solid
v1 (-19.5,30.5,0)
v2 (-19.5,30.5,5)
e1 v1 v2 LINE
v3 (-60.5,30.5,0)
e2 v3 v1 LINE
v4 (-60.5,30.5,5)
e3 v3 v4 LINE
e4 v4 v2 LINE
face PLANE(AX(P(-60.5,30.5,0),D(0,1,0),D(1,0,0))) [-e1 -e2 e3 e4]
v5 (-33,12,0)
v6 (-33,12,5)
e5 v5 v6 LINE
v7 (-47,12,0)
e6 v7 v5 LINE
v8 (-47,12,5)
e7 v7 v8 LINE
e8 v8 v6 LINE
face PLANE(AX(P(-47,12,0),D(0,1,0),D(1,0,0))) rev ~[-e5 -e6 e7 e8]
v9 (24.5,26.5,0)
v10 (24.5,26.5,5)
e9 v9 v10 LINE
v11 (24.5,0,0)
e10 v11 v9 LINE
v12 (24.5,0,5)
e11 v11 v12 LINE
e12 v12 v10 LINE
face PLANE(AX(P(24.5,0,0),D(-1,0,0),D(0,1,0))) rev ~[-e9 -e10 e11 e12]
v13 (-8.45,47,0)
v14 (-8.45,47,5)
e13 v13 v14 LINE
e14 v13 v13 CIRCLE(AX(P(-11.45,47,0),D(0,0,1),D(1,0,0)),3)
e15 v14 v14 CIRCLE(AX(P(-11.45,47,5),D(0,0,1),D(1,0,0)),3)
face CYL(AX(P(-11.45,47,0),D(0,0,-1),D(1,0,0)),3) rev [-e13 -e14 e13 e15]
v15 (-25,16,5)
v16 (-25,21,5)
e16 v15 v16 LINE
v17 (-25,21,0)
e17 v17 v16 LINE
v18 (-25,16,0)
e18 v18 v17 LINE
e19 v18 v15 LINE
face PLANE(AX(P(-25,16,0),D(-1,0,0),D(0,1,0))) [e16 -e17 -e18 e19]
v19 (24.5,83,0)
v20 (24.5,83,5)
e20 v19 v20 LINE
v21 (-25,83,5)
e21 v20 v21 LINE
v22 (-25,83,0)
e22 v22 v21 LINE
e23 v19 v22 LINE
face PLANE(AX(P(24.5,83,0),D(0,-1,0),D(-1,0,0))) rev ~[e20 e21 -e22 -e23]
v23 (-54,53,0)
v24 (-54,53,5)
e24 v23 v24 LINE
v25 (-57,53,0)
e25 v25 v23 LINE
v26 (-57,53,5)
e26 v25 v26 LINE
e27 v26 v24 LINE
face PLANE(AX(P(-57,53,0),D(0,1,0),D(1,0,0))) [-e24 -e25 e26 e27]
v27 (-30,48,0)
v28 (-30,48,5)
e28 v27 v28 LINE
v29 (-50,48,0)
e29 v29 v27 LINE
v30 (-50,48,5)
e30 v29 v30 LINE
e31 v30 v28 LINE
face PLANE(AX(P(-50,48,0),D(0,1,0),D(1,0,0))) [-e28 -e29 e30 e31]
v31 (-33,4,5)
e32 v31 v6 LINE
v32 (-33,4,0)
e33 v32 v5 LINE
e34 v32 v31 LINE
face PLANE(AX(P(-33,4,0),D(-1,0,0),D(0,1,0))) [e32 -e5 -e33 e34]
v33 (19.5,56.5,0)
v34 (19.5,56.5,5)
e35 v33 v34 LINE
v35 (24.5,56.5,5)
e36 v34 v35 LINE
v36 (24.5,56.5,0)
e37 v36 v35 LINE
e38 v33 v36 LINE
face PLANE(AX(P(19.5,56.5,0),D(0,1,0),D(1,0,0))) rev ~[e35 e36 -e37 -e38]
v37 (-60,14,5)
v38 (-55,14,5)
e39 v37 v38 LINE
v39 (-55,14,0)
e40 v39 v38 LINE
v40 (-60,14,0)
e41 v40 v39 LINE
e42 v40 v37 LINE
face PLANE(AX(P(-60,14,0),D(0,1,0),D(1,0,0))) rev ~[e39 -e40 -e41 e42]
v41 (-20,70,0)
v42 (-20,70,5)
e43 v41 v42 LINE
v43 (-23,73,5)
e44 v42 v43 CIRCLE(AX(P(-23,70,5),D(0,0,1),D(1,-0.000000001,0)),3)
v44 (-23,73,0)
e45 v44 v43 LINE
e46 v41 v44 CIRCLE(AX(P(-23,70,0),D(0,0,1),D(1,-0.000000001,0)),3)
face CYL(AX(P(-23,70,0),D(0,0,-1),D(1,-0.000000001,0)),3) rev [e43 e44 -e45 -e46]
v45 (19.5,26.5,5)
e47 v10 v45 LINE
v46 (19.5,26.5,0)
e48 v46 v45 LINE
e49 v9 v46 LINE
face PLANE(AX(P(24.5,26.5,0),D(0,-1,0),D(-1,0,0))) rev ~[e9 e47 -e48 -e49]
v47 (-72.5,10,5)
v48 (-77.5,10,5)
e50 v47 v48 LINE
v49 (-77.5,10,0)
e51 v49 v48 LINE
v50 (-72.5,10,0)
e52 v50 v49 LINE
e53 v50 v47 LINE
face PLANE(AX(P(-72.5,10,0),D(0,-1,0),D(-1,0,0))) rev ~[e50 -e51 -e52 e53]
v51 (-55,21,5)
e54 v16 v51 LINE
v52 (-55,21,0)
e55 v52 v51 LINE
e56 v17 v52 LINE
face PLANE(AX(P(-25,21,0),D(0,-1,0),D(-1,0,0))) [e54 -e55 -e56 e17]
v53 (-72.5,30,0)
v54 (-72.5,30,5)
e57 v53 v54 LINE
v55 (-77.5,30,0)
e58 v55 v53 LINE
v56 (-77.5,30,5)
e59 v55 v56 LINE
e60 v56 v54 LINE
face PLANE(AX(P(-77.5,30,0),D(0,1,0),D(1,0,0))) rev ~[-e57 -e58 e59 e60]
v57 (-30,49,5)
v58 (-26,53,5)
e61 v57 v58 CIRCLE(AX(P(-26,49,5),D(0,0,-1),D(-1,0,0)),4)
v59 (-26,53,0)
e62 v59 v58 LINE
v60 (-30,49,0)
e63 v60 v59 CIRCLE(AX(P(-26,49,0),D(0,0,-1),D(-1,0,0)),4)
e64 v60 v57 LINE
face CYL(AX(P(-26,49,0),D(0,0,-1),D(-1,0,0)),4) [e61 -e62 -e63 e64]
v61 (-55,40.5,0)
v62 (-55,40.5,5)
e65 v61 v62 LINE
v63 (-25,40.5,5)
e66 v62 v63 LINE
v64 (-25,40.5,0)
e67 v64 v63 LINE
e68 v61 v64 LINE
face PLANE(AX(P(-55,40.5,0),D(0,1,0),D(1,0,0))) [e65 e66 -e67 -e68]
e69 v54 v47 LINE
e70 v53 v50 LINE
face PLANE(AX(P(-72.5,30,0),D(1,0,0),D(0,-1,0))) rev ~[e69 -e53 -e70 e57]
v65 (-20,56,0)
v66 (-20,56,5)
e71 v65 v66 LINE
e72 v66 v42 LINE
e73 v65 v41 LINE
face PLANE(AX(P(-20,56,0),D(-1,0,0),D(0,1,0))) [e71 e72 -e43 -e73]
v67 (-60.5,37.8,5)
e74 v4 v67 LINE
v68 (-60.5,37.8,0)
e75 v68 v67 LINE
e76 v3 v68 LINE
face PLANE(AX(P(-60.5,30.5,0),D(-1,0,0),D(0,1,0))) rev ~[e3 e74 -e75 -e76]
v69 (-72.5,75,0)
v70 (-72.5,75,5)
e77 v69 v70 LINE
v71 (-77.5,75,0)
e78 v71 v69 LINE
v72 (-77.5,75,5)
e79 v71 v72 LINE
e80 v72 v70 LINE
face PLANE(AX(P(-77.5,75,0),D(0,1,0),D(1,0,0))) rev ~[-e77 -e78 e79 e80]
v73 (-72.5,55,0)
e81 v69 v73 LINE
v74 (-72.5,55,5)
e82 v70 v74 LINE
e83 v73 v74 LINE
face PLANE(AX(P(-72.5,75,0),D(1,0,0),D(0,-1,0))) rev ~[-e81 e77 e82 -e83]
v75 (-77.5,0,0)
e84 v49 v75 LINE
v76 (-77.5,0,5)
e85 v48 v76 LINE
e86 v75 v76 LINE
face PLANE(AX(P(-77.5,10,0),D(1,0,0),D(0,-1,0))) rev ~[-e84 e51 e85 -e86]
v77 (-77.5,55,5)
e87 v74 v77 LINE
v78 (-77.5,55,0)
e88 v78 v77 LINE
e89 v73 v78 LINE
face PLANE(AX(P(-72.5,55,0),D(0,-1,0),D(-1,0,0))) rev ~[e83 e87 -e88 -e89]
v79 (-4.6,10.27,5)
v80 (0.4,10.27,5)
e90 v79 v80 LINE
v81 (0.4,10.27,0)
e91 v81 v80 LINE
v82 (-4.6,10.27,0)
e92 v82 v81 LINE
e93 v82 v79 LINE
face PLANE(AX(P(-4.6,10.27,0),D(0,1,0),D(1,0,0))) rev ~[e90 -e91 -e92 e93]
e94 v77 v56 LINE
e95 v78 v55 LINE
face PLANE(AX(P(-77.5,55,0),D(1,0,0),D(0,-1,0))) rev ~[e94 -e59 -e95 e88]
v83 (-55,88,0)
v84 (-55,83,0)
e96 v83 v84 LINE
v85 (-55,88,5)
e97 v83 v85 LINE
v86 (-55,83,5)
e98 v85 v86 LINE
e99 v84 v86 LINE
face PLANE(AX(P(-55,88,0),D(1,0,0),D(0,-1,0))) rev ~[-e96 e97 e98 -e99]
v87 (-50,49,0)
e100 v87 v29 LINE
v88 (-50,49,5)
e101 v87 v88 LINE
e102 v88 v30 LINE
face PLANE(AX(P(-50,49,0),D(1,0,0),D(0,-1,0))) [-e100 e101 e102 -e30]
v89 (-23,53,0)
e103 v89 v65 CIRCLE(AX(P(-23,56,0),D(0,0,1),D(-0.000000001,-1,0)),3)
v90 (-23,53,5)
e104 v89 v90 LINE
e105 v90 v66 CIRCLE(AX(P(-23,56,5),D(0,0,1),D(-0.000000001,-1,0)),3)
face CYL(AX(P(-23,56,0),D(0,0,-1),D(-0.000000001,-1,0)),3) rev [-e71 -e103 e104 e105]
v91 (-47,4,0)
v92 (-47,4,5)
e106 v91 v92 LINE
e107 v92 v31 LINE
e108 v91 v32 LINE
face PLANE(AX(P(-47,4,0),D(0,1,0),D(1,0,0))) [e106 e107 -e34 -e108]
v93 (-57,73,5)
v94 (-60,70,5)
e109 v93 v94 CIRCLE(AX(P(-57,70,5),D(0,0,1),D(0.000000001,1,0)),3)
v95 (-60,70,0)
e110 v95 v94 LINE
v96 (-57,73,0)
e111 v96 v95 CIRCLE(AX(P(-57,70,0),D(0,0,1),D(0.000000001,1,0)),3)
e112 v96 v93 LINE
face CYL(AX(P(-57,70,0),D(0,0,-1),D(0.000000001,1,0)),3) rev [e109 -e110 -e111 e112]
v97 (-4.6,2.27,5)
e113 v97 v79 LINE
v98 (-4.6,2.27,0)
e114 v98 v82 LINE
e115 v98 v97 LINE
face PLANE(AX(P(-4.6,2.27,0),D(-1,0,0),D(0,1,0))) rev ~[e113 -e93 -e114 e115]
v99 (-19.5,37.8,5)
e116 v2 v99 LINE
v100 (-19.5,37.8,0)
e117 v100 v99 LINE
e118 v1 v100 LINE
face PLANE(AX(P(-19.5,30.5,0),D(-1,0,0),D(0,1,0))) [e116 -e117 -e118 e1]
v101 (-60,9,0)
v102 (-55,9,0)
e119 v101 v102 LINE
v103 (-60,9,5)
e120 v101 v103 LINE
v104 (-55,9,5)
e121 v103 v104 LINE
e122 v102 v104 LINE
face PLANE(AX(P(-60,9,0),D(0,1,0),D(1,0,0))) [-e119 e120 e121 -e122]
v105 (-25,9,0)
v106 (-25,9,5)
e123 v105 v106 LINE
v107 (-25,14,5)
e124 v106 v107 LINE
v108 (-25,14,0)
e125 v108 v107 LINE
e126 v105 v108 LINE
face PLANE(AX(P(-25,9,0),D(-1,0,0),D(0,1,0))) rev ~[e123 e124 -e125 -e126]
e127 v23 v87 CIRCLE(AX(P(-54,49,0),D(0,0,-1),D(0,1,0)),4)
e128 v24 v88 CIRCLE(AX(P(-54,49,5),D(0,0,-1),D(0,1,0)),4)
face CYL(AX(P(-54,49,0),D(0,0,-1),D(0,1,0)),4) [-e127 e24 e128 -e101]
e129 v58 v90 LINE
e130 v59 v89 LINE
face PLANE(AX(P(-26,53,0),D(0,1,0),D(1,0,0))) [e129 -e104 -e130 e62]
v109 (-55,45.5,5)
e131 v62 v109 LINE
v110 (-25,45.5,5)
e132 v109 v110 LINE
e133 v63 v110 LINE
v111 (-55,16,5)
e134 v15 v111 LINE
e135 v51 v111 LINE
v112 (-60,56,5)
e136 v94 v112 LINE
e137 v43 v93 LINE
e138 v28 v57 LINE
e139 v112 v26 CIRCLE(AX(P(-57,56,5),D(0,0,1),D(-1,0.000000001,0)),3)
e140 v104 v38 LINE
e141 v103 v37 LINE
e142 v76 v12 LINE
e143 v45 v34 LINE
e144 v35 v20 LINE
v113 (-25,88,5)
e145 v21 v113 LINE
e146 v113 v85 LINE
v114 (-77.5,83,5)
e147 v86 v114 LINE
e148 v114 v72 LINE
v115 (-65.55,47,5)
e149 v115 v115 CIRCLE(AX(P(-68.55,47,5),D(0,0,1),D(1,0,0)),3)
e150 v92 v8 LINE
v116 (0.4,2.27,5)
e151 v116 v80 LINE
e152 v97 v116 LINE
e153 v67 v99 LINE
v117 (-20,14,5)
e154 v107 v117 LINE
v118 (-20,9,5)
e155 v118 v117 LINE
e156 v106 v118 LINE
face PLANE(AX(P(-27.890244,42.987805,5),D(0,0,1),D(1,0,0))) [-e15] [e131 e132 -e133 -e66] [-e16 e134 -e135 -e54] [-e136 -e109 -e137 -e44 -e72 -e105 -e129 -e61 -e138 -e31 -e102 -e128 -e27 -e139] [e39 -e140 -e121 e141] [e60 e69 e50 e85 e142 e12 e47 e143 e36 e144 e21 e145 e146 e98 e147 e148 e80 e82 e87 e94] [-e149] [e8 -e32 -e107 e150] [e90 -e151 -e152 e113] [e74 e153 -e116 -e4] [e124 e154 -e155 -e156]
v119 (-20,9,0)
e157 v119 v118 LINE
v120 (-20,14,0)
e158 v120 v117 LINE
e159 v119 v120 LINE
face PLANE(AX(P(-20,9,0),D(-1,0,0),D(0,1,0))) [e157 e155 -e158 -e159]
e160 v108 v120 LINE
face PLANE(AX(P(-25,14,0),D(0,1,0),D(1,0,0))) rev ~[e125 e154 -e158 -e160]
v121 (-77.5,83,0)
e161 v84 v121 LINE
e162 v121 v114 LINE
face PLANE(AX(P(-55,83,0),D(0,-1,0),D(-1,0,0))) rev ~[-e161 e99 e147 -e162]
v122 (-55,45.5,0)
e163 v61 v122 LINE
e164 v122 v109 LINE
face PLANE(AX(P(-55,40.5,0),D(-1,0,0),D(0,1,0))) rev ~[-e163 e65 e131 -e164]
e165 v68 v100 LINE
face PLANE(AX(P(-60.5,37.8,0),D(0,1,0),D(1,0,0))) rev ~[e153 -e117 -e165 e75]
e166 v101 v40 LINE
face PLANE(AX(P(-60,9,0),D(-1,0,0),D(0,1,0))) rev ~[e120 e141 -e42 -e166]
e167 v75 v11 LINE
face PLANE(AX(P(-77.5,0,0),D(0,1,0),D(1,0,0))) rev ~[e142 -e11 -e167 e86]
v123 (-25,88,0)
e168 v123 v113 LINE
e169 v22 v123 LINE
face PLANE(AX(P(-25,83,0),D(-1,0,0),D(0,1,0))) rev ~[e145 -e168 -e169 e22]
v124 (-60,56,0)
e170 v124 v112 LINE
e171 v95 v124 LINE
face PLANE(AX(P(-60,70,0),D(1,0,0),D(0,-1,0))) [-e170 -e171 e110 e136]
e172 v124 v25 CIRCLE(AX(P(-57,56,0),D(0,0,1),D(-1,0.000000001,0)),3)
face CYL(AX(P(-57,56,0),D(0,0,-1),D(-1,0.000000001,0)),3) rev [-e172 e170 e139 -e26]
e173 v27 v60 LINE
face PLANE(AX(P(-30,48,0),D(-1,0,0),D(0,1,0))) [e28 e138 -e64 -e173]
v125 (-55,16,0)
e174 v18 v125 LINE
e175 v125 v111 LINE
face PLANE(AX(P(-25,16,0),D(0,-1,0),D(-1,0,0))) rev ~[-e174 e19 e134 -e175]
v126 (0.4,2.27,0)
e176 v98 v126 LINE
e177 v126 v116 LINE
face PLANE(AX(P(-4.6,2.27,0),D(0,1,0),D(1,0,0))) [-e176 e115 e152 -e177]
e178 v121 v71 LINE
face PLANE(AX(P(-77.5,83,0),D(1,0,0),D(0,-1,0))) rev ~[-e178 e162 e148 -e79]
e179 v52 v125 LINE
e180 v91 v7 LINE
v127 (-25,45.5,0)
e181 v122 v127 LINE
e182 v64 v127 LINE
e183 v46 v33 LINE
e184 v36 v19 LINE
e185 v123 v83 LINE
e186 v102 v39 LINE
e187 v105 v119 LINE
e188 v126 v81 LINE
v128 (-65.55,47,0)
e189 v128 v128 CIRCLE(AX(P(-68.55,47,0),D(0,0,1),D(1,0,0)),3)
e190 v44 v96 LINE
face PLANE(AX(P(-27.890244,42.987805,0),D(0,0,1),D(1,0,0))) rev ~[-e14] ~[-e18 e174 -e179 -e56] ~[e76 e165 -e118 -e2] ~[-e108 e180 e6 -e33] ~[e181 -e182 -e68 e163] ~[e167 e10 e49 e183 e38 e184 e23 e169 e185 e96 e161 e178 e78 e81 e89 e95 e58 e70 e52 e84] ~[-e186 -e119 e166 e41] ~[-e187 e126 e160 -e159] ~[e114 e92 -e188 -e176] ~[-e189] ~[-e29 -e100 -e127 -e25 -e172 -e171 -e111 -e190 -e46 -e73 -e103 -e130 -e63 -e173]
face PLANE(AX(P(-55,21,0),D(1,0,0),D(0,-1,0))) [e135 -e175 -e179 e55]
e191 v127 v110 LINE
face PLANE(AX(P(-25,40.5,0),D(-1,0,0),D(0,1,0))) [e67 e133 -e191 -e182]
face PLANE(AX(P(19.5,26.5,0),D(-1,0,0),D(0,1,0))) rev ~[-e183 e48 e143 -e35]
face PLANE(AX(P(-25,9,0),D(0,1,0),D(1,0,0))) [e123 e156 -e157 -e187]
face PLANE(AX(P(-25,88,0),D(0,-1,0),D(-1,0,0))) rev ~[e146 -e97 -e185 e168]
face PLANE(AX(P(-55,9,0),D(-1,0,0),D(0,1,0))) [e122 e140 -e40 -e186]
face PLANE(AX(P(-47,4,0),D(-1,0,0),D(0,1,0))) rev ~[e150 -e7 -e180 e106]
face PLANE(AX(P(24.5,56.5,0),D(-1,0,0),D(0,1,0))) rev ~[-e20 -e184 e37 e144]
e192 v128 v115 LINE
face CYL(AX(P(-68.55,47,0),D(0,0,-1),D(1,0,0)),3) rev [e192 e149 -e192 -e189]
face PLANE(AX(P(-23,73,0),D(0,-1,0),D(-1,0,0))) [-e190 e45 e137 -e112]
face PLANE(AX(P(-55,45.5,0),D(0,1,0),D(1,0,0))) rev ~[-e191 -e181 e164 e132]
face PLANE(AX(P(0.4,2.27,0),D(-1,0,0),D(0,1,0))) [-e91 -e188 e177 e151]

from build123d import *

# Parameters (mm, degrees)
SKETCH_1_R      = 3
SKETCH_1_W      = 30
SKETCH_1_H      = 5
SKETCH_1_W_2    = 5
SKETCH_1_W_3    = 14
SKETCH_1_H_2    = 8
SKETCH_1_W_4    = 41
SKETCH_1_H_3    = 7.3
EXTRUDE_1_DEPTH = 5


with BuildPart() as part:
    # 草图1 → 凸台-拉伸1 (new body)
    with BuildSketch(Plane.XY):
        Polygon((-77.5, 0), (24.5, 0), (24.5, 26.5), (19.5, 26.5), (19.5, 56.5), (24.5, 56.5), (24.5, 83), (-25, 83), (-25, 88), (-55, 88), (-55, 83), (-77.5, 83), (-77.5, 75), (-72.5, 75), (-72.5, 55), (-77.5, 55), (-77.5, 30), (-72.5, 30), (-72.5, 10), (-77.5, 10), align=None)
        with Locations((-68.55, 47)):
            Circle(SKETCH_1_R, mode=Mode.SUBTRACT)
        with Locations((-11.45, 47)):
            Circle(SKETCH_1_R, mode=Mode.SUBTRACT)
        with BuildLine():
            Line((-57, 53), (-54, 53))
            ThreePointArc((-54, 53), (-51.171572875, 51.828427125), (-50, 49))
            Line((-50, 49), (-50, 48))
            Line((-50, 48), (-30, 48))
            Line((-30, 48), (-30, 49))
            ThreePointArc((-30, 49), (-28.828427125, 51.828427125), (-26, 53))
            Line((-26, 53), (-23, 53))
            ThreePointArc((-23, 53), (-20.878679656, 53.878679656), (-20, 56))
            Line((-20, 56), (-20, 70))
            ThreePointArc((-20, 70), (-20.878679656, 72.121320344), (-23, 73))
            Line((-23, 73), (-57, 73))
            ThreePointArc((-57, 73), (-59.121320344, 72.121320344), (-60, 70))
            Line((-60, 70), (-60, 56))
            ThreePointArc((-60, 56), (-59.121320344, 53.878679656), (-57, 53))
        make_face(mode=Mode.SUBTRACT)
        with Locations((-40, 43)):
            Rectangle(SKETCH_1_W, SKETCH_1_H, mode=Mode.SUBTRACT)
        Polygon((-55, 16), (-50, 16), (-30, 16), (-25, 16), (-25, 21), (-55, 21), align=None, mode=Mode.SUBTRACT)
        with Locations((-57.5, 11.5)):
            Rectangle(SKETCH_1_W_2, SKETCH_1_H, mode=Mode.SUBTRACT)
        with Locations((-22.5, 11.5)):
            Rectangle(SKETCH_1_W_2, SKETCH_1_H, mode=Mode.SUBTRACT)
        with Locations((-40, 8)):
            Rectangle(SKETCH_1_W_3, SKETCH_1_H_2, mode=Mode.SUBTRACT)
        with Locations((-40, 34.15)):
            Rectangle(SKETCH_1_W_4, SKETCH_1_H_3, mode=Mode.SUBTRACT)
        with Locations((-2.1, 6.27)):
            Rectangle(SKETCH_1_W_2, SKETCH_1_H_2, mode=Mode.SUBTRACT)
    extrude(amount=EXTRUDE_1_DEPTH)


solid = part.part
